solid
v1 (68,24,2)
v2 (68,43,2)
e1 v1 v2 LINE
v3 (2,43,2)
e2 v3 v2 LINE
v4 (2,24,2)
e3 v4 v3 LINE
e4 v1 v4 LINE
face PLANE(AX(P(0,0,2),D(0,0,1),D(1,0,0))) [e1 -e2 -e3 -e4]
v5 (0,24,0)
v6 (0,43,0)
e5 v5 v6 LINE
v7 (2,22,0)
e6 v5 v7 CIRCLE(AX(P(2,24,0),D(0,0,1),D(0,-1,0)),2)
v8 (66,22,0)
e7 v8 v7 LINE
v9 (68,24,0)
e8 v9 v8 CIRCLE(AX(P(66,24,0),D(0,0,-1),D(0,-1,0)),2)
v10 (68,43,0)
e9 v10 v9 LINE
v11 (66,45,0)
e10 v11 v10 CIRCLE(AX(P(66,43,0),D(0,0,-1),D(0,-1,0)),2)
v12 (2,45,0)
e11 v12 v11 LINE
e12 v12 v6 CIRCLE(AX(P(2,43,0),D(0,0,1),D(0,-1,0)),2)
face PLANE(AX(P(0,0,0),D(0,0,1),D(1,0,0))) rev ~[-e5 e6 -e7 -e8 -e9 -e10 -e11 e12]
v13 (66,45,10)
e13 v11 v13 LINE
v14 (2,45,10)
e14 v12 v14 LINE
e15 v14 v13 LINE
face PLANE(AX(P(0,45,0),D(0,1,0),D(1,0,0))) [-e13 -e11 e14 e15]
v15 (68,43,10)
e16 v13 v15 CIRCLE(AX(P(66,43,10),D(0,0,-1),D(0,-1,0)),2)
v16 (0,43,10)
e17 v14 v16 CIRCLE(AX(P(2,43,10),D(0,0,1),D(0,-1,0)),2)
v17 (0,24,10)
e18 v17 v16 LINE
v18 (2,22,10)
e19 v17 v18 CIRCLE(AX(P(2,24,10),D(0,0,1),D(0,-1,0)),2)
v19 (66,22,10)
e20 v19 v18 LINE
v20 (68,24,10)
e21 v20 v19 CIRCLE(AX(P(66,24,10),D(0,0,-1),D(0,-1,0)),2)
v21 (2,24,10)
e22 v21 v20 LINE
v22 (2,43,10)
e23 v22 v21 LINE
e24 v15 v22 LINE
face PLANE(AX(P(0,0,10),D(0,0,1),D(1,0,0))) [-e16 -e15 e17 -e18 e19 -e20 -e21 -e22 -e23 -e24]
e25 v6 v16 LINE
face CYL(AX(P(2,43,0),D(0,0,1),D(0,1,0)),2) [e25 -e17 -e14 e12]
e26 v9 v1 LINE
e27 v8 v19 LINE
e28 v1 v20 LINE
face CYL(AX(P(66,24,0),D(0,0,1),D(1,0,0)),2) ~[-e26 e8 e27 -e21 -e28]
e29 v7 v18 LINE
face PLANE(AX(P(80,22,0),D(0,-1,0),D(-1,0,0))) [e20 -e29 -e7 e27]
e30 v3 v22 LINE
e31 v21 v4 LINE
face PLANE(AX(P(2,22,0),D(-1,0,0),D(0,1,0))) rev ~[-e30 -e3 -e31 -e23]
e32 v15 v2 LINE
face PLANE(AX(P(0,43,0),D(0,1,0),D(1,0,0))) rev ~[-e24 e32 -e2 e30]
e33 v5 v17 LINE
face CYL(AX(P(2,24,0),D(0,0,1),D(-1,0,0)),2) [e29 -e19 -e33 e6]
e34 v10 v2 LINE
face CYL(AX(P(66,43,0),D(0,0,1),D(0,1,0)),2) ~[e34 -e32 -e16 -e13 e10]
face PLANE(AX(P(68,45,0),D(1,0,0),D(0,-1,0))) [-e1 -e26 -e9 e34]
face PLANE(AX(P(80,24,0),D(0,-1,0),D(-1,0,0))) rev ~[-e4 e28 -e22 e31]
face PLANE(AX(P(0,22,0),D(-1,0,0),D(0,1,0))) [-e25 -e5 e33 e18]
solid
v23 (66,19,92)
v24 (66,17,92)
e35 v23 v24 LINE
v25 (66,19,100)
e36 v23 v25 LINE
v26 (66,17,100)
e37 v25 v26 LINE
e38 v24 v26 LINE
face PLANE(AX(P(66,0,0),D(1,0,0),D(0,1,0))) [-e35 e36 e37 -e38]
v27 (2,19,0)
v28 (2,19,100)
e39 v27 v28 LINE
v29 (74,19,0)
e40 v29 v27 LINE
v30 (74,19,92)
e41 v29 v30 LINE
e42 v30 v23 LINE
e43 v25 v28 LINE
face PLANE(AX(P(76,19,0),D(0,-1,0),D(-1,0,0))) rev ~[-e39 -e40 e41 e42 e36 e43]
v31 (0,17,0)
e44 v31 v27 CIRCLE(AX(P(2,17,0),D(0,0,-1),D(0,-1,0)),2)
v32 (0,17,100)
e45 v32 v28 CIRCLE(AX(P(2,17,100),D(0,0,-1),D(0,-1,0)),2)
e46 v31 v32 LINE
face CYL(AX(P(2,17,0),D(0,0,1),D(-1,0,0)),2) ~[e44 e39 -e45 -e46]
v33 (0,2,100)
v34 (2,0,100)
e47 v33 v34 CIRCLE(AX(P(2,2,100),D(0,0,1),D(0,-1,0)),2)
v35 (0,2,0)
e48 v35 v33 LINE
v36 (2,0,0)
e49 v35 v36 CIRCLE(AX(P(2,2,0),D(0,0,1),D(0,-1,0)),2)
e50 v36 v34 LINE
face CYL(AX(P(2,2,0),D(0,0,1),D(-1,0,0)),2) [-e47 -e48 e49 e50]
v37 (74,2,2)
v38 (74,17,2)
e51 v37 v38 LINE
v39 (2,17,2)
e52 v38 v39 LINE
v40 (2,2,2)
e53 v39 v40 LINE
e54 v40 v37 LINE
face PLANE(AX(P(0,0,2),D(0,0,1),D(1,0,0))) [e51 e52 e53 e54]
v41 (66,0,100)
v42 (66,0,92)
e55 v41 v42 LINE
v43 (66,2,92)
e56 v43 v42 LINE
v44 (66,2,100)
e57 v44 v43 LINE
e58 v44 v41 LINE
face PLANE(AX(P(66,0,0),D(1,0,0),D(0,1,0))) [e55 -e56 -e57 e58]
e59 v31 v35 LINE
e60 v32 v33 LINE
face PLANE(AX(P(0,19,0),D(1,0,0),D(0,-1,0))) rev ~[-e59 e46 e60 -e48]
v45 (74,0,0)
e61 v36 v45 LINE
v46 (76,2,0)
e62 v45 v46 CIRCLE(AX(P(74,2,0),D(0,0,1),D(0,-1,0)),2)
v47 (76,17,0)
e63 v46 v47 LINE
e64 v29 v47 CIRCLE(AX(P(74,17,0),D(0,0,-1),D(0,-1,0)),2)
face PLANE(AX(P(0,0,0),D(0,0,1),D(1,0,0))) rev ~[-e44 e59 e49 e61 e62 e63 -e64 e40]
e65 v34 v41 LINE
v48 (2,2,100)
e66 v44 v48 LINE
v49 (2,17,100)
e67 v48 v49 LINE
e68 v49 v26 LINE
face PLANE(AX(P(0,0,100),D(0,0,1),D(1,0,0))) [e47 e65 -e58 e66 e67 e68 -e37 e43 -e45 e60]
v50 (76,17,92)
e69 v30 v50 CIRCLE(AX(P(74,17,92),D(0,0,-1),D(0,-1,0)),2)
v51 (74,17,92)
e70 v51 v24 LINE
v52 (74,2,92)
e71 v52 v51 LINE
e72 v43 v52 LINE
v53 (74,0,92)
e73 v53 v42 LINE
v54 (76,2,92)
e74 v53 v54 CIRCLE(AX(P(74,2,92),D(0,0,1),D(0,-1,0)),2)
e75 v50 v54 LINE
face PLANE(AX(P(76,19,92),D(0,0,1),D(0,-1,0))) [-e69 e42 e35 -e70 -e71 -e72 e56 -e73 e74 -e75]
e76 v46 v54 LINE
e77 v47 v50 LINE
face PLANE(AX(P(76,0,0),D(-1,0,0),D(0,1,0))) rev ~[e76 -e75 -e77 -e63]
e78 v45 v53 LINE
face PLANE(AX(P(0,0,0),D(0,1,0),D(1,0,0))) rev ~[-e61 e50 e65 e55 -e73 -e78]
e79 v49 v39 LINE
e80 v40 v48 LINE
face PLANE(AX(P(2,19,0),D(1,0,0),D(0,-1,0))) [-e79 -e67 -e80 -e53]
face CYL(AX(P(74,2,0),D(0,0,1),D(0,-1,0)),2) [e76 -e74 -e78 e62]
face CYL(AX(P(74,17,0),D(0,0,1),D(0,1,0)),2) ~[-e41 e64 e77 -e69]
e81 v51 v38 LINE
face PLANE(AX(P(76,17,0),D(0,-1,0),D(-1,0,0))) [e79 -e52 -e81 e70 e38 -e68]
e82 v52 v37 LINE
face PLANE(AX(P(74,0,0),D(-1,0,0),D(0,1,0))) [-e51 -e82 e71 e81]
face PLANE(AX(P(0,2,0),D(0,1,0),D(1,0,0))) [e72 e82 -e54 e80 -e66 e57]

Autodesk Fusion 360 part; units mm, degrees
sketch "Schizzo1" plane through (0, 0, 0) normal (0, 0, 1) x (1, 0, 0)
  line L0 (0, 0) -> (76, 0)
  line L1 (76, 0) -> (76, 19)
  line L2 (76, 19) -> (0, 19)
  line L3 (0, 19) -> (0, 0)
  dimension "d1" = 76
  dimension "d2" = 19
extrude "Estrusione1" add sketch "Schizzo1" along normal blind 100 makes body 1
shell "Svuotamento1" thickness 2 removed faces 1 at (25.3333, 12.6667, 100) on bodies 1
sketch "Schizzo2" plane through (76, 0, 0) normal (1, 0, 0) x (0, 1, 0)
  line L0 (0, 0) -> (19, 0)
  line L1 (19, 0) -> (19, 100)
  line L2 (19, 100) -> (0, 100)
  line L3 (0, 100) -> (0, 0)
  line L4 (0, 100) -> (19, 100)
  line L5 (19, 100) -> (19, 92)
  line L6 (19, 92) -> (0, 92)
  line L7 (0, 92) -> (0, 100)
extrude "Estrusione2" cut sketch "Schizzo2" against normal blind 10 contours L1 L2 L3 L4 L5 L6 L7 bodies 1
sketch "Schizzo3" plane through (0, 0, 0) normal (0, 0, 1) x (1, 0, 0)
  line L0 (0, 45) -> (80, 45)
  line L1 (80, 45) -> (80, 22)
  line L2 (80, 22) -> (0, 22)
  line L3 (0, 22) -> (0, 45)
  dimension "d8" = 80
  dimension "d9" = 23
extrude "Estrusione3" add sketch "Schizzo3" along normal blind 10 separate body makes body 2
shell "Svuotamento2" thickness 2 removed faces 1 at (26.6667, 37.3333, 10) on bodies 2
sketch "Schizzo4" plane through (80, 0, 0) normal (1, 0, 0) x (0, 1, 0)
  line L0 (22, 0) -> (45, 0)
  line L1 (45, 0) -> (45, 10)
  line L2 (45, 10) -> (22, 10)
  line L3 (22, 10) -> (22, 0)
  line L4 (25, 10) -> (42.257, 10)
  line L5 (42.257, 10) -> (42.257, 2.4696)
  line L6 (42.257, 2.4696) -> (25, 2.4696)
  line L7 (25, 2.4696) -> (25, 10)
extrude "Estrusione4" cut sketch "Schizzo4" against normal blind 20 contours L2 L4 L5 L6 L7 bodies 2
extrude "Estrusione5" cut 1 faces at (80, 23, 4.1565) along direction (-1, 0, 0) blind 12 on bodies 2 bodies 2
fillet "Raccordo1" radius 2 8 edges at (0, 19, 50) (0, 0, 50) (76, 0, 46) (76, 19, 46) (68, 22, 5) (68, 45, 5) (0, 45, 5) (0, 22, 5) on bodies 1 2
